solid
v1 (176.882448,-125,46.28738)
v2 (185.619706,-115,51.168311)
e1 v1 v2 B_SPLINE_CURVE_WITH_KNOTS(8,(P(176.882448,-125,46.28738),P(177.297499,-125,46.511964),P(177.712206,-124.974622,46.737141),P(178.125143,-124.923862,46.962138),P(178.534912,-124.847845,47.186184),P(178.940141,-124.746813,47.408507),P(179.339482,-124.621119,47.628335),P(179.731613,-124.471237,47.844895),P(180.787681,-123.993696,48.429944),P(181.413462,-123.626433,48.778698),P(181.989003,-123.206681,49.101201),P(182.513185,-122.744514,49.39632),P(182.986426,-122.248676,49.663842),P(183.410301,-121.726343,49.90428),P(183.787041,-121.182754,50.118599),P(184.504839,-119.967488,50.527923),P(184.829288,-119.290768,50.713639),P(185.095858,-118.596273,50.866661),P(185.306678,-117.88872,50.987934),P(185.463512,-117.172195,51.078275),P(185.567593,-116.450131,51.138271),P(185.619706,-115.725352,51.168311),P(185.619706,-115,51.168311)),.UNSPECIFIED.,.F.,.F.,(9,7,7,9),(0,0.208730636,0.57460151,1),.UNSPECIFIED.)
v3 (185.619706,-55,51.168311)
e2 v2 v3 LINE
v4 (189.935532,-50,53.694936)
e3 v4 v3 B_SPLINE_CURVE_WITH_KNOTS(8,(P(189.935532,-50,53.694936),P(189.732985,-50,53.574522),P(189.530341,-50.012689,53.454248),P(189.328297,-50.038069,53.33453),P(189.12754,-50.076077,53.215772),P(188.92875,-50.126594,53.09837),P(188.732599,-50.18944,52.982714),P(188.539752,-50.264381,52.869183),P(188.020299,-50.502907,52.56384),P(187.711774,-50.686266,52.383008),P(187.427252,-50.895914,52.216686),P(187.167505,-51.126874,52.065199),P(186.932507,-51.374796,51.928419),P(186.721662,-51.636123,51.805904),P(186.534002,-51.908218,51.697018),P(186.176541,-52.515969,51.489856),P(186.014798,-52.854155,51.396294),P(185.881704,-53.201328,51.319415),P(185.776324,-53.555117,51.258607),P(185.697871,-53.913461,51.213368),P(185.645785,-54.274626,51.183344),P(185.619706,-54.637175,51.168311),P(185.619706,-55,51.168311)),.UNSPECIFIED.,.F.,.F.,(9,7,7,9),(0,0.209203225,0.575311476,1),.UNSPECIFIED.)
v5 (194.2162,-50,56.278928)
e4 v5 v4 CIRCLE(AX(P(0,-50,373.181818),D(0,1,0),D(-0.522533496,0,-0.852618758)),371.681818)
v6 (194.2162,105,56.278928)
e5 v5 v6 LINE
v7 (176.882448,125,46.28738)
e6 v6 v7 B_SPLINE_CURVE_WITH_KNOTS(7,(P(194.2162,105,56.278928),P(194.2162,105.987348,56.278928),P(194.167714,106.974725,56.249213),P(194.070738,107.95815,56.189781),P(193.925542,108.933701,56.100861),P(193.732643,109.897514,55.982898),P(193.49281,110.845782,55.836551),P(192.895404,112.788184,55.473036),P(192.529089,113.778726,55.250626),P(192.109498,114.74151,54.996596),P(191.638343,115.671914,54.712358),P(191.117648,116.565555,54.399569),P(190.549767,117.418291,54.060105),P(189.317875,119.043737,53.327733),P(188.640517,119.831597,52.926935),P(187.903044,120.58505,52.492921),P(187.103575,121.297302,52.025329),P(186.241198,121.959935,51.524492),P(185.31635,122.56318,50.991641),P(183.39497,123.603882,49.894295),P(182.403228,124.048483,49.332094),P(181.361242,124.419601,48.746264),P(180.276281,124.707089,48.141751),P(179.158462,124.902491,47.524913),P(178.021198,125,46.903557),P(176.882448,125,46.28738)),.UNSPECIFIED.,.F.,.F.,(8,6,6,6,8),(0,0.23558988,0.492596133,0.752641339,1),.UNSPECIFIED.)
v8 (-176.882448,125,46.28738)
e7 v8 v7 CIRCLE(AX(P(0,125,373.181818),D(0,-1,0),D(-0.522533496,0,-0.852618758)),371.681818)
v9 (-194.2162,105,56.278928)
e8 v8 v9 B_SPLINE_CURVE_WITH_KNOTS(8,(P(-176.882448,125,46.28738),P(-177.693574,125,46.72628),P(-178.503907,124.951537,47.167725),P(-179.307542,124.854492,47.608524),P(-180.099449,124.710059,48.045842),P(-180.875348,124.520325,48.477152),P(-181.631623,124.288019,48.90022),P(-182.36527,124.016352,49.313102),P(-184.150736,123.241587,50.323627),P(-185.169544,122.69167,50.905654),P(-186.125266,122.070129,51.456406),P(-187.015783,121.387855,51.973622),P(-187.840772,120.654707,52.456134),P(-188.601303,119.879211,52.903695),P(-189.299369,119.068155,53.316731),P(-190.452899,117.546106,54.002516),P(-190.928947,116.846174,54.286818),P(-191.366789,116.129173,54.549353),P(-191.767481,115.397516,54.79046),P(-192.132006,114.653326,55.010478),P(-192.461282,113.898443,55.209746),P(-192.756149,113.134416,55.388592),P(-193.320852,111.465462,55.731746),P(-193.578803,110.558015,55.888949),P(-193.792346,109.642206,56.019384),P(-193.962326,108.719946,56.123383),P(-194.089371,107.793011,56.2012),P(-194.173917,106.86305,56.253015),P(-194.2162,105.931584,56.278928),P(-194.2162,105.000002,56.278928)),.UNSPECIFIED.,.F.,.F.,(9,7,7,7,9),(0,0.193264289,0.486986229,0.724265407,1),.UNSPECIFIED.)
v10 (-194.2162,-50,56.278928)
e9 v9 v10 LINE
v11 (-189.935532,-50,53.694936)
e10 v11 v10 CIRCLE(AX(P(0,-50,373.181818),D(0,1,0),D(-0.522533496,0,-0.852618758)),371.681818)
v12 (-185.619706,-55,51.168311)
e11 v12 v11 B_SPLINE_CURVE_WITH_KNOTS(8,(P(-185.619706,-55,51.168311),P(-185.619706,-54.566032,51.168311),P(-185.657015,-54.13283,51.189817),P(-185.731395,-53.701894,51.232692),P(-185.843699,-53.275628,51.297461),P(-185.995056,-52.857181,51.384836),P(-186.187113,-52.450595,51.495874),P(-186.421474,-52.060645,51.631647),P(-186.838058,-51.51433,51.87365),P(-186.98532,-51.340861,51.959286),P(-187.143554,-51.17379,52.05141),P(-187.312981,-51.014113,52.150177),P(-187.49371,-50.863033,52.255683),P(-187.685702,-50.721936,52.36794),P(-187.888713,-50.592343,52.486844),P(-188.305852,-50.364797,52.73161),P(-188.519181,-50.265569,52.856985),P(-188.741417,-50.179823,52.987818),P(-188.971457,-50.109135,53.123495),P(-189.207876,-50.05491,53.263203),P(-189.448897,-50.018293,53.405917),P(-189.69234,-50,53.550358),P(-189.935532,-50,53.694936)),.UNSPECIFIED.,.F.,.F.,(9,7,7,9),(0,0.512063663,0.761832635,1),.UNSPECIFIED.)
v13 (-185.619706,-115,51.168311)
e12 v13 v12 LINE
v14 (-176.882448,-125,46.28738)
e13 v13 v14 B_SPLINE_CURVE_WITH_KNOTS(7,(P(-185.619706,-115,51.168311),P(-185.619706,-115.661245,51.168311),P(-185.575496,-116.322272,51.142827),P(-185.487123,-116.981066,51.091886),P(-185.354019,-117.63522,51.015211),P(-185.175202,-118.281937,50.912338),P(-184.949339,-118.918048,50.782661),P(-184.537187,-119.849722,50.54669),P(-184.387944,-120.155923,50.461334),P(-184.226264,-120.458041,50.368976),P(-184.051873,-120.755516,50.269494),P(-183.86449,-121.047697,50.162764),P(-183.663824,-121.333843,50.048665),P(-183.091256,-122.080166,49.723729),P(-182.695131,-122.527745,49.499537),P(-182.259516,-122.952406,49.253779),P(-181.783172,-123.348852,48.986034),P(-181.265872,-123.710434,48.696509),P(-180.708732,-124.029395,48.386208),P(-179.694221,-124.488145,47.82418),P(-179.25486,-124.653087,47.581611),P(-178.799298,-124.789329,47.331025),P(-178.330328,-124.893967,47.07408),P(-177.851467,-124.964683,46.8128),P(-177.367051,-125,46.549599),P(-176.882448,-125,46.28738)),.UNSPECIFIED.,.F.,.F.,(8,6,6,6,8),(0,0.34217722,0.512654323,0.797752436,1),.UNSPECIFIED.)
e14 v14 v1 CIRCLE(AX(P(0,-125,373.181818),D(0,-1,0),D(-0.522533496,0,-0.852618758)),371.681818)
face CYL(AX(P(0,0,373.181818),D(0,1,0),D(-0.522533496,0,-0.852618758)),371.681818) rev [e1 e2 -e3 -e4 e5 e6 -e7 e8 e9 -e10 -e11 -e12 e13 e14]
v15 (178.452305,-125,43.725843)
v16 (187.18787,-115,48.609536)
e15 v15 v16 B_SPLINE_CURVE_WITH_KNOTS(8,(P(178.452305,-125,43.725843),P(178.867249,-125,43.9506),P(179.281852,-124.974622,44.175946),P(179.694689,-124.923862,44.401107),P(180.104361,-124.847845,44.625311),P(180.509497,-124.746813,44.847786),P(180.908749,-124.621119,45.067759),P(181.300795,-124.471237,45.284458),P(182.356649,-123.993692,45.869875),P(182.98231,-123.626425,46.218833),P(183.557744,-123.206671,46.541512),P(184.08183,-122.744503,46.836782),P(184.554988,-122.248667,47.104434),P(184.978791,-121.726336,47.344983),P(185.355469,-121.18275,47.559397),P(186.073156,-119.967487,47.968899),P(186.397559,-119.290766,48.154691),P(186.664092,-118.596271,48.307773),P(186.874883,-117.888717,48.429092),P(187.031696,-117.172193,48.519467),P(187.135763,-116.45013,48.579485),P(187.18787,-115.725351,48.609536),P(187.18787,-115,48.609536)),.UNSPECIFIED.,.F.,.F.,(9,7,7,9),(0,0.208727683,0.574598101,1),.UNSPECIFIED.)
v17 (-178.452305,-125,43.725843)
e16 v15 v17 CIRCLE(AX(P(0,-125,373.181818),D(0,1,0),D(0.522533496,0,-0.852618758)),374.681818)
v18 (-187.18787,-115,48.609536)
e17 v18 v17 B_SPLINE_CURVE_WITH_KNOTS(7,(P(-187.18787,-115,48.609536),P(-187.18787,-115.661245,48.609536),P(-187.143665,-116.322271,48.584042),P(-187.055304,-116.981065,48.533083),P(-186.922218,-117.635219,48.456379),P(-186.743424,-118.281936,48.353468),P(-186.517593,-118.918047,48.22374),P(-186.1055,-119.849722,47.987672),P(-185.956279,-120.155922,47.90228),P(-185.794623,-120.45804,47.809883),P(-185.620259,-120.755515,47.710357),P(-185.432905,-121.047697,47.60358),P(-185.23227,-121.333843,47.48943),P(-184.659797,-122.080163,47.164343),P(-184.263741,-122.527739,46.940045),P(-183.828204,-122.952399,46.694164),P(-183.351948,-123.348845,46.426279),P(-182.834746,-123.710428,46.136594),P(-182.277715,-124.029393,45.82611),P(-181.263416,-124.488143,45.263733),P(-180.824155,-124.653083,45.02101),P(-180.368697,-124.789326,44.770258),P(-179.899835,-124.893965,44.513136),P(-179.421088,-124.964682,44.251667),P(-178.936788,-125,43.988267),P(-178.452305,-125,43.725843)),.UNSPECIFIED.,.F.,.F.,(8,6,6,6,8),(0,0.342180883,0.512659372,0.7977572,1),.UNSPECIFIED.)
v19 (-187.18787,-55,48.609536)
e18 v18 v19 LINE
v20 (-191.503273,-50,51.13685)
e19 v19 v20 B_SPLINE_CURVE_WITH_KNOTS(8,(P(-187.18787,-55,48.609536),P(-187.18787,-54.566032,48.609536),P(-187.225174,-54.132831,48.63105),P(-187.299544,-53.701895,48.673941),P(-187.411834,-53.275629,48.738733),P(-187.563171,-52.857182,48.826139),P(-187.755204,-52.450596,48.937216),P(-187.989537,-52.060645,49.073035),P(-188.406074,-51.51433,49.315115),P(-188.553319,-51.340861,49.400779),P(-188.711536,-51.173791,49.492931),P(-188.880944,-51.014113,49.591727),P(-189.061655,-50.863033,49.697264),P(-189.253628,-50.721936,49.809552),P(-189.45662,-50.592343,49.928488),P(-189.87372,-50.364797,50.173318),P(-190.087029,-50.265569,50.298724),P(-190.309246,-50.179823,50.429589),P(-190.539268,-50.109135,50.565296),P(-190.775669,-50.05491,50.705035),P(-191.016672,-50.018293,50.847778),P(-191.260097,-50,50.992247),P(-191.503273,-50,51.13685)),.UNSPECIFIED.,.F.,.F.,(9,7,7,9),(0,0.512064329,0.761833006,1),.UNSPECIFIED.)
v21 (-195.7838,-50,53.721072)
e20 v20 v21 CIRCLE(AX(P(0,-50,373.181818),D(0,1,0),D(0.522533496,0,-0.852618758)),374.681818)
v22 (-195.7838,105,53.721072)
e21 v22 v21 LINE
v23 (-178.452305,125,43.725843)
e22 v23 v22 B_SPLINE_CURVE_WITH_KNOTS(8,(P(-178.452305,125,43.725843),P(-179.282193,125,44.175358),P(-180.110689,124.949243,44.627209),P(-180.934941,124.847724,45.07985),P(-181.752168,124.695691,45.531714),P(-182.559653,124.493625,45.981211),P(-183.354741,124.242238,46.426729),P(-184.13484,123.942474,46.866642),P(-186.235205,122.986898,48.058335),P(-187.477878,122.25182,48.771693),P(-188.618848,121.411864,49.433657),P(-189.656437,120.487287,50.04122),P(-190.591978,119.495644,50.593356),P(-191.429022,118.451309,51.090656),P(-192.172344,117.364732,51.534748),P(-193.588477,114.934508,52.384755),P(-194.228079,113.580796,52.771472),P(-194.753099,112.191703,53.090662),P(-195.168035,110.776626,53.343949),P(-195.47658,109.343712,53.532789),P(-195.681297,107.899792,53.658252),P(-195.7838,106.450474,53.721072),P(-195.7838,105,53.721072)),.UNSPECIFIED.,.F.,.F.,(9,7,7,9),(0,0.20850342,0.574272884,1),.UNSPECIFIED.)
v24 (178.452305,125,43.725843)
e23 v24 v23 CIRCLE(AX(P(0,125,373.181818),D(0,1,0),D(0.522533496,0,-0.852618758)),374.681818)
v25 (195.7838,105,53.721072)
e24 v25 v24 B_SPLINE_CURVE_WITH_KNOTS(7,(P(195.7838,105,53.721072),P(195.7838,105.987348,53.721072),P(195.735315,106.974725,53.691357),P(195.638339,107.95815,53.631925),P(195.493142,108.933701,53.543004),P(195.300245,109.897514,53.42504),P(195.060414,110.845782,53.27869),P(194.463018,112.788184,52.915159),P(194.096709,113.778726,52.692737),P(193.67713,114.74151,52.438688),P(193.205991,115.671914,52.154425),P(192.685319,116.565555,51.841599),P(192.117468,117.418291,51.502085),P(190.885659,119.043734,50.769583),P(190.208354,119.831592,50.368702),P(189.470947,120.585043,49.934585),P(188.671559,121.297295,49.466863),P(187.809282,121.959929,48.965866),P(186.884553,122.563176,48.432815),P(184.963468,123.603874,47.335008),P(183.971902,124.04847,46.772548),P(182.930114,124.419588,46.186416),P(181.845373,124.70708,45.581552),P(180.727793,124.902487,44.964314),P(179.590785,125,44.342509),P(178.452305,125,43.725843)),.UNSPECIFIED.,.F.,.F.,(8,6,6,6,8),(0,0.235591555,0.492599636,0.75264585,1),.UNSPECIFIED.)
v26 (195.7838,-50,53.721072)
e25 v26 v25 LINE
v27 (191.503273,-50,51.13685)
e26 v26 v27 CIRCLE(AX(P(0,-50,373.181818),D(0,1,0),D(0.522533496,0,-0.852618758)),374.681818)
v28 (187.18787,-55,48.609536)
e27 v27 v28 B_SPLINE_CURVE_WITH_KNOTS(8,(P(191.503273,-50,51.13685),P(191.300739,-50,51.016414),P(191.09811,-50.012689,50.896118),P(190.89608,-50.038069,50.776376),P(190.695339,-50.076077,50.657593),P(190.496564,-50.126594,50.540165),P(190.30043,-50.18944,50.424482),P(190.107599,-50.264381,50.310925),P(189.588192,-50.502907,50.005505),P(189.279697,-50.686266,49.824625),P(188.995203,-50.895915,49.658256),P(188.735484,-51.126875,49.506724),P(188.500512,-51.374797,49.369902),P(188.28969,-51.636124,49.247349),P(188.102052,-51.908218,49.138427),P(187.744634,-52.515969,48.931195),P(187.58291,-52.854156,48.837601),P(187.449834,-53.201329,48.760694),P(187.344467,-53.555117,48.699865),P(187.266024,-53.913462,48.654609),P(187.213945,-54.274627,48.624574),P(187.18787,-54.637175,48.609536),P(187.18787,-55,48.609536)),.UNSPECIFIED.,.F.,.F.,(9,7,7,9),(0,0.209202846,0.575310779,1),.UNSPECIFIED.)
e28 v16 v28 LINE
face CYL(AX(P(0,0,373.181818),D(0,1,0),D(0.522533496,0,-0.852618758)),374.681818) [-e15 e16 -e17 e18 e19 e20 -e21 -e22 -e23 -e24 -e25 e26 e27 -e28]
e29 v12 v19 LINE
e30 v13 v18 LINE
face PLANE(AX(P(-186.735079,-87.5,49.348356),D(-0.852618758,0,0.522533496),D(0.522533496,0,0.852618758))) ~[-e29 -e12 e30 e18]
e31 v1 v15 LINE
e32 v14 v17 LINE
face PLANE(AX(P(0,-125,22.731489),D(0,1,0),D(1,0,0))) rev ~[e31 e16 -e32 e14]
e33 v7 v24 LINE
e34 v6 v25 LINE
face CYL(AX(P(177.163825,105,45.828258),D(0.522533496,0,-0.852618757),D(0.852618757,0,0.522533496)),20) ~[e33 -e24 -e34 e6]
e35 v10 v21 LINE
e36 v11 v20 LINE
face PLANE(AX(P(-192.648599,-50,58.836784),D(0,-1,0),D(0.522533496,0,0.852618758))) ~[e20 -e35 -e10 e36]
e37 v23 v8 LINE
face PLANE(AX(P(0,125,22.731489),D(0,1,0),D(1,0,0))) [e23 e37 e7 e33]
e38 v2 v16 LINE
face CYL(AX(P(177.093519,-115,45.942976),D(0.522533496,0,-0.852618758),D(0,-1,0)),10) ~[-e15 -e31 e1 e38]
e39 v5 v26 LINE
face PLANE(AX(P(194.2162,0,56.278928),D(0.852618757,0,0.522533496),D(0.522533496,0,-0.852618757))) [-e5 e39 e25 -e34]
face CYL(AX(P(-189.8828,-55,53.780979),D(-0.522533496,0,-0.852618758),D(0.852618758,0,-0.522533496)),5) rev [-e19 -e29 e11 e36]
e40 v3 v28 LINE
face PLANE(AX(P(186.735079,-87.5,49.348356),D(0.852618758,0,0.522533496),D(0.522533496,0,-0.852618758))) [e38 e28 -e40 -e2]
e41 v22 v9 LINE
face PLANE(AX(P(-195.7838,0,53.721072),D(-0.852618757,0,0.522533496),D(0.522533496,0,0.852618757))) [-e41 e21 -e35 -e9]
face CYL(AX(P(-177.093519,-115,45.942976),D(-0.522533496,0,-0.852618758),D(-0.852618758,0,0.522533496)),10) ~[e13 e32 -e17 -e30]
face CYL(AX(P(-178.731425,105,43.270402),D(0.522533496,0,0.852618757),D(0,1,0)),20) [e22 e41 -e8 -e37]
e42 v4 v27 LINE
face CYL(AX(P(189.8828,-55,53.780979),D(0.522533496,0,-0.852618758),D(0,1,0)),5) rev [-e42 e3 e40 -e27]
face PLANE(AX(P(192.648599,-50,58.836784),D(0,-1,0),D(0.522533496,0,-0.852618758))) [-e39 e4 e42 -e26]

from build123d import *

# Parameters (mm, degrees)
EXTRUS_O_FINA1_DEPTH   = 125
ESBO_O3_W              = 10
ESBO_O3_H              = 75
CORTE_EXTRUS_O1_DEPTH  = 10
FILETE5_R              = 5
FILETE6_R              = 20
FILETE5_OF_ESPELHAR6_R = 5
FILETE8_R              = 10


with BuildPart() as part:
    # Esboço2 → Extrusão-Fina1 (new, symmetric)
    with BuildSketch(Plane(origin=(0, 0, 0), x_dir=(1, 0, 0), z_dir=(0, 1, 0))):
        with BuildLine():
            ThreePointArc((-194.216199756, -56.278928136), (0, -1.5), (194.216199756, -56.278928136))
            Line((194.216199756, -56.278928136), (195.783800244, -53.721071864))
            ThreePointArc((195.783800244, -53.721071864), (0, 1.5), (-195.783800244, -53.721071864))
            Line((-195.783800244, -53.721071864), (-194.216199756, -56.278928136))
        make_face()
    extrude(amount=EXTRUS_O_FINA1_DEPTH, both=True)

    # Esboço3 → Corte-extrusão1 (cut)
    with BuildSketch(Plane(origin=(166.260657734, 0, 101.894031669), x_dir=(0.5225334957369068, 0, -0.8526187576126673), z_dir=(0.8526187576126673, 0, 0.5225334957369068))):
        with Locations((55.5, -87.5)):
            Rectangle(ESBO_O3_W, ESBO_O3_H)
    corte_extrus_o1 = extrude(amount=-CORTE_EXTRUS_O1_DEPTH, mode=Mode.SUBTRACT)

    # Filete5
    filete5_edges = [part.edges().sort_by_distance(p)[0] for p in [
        (186.403788141, -50, 49.888923779),
    ]]
    fillet(filete5_edges, radius=FILETE5_R)

    # Filete6
    filete6_edges = [part.edges().sort_by_distance(p)[0] for p in [
        (-195, 125, 55),
        (195, 125, 55),
    ]]
    fillet(filete6_edges, radius=FILETE6_R)

    # Espelhar6: Corte-extrusão1 across plane
    add(corte_extrus_o1.mirror(Plane(origin=(0, 0, 0), x_dir=(0, 0, 1), z_dir=(1, 0, 0))), mode=Mode.SUBTRACT)

    # Filete5 of Espelhar6
    filete5_of_espelhar6_edges = [part.edges().sort_by_distance(p)[0] for p in [
        (-186.403788141, -50, 49.888923779),
    ]]
    fillet(filete5_of_espelhar6_edges, radius=FILETE5_OF_ESPELHAR6_R)

    # Filete8
    filete8_edges = [part.edges().sort_by_distance(p)[0] for p in [
        (186.403788141, -125, 49.888923779),
        (-186.403788141, -125, 49.888923779),
    ]]
    fillet(filete8_edges, radius=FILETE8_R)


solid = part.part
